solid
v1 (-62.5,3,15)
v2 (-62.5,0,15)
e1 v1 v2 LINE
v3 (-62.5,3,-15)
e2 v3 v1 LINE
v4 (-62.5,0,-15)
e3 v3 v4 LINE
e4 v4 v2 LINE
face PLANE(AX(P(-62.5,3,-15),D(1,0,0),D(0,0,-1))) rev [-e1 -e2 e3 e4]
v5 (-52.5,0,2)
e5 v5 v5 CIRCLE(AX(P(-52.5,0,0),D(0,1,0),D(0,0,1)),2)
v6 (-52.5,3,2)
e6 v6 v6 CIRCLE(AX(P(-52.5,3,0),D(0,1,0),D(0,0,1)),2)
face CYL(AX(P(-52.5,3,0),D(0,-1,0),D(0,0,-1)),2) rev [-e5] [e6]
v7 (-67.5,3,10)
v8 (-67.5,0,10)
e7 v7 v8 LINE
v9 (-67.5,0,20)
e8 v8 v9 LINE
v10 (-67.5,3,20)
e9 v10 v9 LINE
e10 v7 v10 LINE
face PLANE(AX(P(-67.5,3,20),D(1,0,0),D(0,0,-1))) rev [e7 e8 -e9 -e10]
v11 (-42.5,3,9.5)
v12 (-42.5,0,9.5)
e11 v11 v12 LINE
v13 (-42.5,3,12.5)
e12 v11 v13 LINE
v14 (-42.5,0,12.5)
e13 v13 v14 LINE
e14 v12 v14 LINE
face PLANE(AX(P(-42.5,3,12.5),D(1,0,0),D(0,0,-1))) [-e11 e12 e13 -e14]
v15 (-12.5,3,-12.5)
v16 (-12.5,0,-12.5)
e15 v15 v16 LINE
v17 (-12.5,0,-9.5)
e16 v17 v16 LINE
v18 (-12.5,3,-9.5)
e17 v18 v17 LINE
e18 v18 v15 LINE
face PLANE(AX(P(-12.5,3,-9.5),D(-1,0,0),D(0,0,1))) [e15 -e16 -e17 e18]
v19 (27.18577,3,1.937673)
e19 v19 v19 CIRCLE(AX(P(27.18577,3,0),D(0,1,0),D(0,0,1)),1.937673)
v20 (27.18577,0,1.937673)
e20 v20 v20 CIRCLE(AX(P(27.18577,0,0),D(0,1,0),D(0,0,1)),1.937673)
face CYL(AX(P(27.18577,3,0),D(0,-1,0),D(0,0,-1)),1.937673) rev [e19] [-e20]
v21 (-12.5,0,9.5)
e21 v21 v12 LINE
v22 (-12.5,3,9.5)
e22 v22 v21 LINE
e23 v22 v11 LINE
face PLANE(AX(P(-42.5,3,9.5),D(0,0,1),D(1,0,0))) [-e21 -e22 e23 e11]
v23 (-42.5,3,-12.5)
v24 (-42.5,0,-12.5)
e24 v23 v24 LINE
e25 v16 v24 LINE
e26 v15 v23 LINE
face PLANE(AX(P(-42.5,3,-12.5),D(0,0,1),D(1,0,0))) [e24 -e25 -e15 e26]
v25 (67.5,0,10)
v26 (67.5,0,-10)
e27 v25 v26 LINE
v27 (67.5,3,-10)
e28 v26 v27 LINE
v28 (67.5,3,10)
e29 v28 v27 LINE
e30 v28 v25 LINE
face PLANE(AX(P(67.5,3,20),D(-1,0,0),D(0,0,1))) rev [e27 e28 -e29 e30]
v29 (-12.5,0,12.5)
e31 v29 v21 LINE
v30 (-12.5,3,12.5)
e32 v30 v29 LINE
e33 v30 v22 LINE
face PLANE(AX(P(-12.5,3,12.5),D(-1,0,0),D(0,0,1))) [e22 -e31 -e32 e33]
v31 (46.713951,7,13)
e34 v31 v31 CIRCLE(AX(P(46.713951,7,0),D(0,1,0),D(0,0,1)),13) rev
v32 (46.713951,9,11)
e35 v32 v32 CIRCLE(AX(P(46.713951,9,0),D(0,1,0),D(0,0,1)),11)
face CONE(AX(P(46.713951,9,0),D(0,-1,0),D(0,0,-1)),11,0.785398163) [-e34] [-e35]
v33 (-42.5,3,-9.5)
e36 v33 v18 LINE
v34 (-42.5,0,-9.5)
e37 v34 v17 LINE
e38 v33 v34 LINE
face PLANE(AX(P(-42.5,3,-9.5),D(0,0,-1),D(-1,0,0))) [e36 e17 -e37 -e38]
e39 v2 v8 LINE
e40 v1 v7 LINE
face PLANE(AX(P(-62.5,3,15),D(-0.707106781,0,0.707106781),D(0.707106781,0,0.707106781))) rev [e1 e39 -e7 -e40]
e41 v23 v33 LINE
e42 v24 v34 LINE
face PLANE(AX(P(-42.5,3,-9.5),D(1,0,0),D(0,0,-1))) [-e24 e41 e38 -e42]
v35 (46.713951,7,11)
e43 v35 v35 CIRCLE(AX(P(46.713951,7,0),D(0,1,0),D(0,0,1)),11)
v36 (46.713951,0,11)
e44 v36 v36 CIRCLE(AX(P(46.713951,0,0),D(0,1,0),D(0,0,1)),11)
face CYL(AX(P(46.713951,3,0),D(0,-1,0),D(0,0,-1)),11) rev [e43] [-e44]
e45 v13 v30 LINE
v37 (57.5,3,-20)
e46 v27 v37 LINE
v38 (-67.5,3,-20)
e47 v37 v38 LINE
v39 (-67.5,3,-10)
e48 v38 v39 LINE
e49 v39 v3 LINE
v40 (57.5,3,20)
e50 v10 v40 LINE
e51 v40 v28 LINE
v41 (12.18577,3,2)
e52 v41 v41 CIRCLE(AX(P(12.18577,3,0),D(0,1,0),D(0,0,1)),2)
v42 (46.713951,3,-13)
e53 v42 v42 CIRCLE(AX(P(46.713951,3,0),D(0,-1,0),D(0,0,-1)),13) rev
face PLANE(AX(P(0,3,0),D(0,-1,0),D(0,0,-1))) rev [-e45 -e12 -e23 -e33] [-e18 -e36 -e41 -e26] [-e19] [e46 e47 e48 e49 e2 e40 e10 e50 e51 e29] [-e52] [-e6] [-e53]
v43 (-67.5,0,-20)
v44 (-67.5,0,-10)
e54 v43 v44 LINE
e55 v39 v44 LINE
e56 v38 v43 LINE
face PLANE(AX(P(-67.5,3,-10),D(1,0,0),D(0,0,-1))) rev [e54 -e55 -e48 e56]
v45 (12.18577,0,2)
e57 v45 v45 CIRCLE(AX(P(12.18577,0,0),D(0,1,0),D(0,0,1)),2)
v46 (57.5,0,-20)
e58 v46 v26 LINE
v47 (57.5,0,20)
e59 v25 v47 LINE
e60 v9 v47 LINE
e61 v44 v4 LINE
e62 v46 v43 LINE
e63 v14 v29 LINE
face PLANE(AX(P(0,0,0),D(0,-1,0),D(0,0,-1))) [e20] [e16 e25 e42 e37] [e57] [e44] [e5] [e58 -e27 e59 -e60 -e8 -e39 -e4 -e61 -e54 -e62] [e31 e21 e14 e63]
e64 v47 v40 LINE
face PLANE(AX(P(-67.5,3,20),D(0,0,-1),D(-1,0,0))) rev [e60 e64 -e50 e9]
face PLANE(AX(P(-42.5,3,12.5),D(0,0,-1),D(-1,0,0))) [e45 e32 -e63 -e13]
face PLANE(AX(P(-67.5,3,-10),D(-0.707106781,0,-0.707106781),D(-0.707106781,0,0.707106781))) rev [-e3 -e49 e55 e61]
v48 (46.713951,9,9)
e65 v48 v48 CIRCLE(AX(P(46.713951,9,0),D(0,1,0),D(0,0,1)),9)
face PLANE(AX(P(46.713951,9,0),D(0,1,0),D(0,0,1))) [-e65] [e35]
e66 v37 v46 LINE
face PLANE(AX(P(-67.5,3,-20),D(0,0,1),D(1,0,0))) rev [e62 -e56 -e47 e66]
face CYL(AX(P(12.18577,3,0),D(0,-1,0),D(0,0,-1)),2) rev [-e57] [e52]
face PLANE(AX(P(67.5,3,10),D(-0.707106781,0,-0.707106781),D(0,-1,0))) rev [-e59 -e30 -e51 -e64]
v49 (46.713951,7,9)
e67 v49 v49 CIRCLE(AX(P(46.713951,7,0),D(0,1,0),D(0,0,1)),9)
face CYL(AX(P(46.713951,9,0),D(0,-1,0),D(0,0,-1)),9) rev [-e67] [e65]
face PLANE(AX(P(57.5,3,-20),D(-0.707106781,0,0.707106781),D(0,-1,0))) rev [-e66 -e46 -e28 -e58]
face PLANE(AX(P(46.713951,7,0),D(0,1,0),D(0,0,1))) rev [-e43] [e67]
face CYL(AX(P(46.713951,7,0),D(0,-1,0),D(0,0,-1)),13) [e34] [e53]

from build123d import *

# Parameters (mm, degrees)
CROQUIS1_R              = 11
CROQUIS1_R_2            = 2
CROQUIS1_R_3            = 1.937672591
CROQUIS1_W              = 30
CROQUIS1_H              = 3
SALIENTE_EXTRUIR1_DEPTH = 3
CROQUIS2_R              = 13
CROQUIS2_R_2            = 11
SALIENTE_EXTRUIR2_DEPTH = 4
CROQUIS3_R              = 13
CROQUIS3_R_2            = 9
SALIENTE_EXTRUIR3_DEPTH = 2
CHAFL_N1_SIZE           = 2
CHAFL_N2_SIZE           = 10


with BuildPart() as part:
    # Croquis1 → Saliente-Extruir1 (new body)
    with BuildSketch(Plane(origin=(0, 0, 0), x_dir=(1, 0, 0), z_dir=(0, 1, 0))):
        Polygon((-67.5, 10), (-62.5, 15), (-62.5, -15), (-67.5, -10), (-67.5, -20), (67.5, -20), (67.5, 20), (-67.5, 20), align=None)
        with Locations(Location((46.713951104, 0, 0), (0, 0, 270))):
            Circle(CROQUIS1_R, mode=Mode.SUBTRACT)
        with Locations(Location((-52.5, 0, 0), (0, 0, 270))):
            Circle(CROQUIS1_R_2, mode=Mode.SUBTRACT)
        with Locations(Location((27.185770037, 0, 0), (0, 0, 270))):
            Circle(CROQUIS1_R_3, mode=Mode.SUBTRACT)
        with Locations(Location((12.185770037, 0, 0), (0, 0, 270))):
            Circle(CROQUIS1_R_2, mode=Mode.SUBTRACT)
        with Locations((-27.5, 11)):
            Rectangle(CROQUIS1_W, CROQUIS1_H, mode=Mode.SUBTRACT)
        with Locations((-27.5, -11)):
            Rectangle(CROQUIS1_W, CROQUIS1_H, mode=Mode.SUBTRACT)
    extrude(amount=SALIENTE_EXTRUIR1_DEPTH)

    # Croquis2 → Saliente-Extruir2 (add)
    with BuildSketch(Plane(origin=(0, 3, 0), x_dir=(1, 0, 0), z_dir=(0, 1, 0))):
        with Locations(Location((46.713951104, 0, 0), (0, 0, 90))):
            Circle(CROQUIS2_R)
        with Locations(Location((46.713951104, 0, 0), (0, 0, 270))):
            Circle(CROQUIS2_R_2, mode=Mode.SUBTRACT)
    extrude(amount=SALIENTE_EXTRUIR2_DEPTH)

    # Croquis3 → Saliente-Extruir3 (add)
    with BuildSketch(Plane(origin=(0, 7, 0), x_dir=(1, 0, 0), z_dir=(0, 1, 0))):
        with Locations(Location((46.713951104, 0, 0), (0, 0, 90))):
            Circle(CROQUIS3_R)
        with Locations(Location((46.713951104, 0, 0), (0, 0, 270))):
            Circle(CROQUIS3_R_2, mode=Mode.SUBTRACT)
    extrude(amount=SALIENTE_EXTRUIR3_DEPTH)

    # Chaflán1
    chafl_n1_edges = [part.edges().sort_by_distance(p)[0] for p in [
        (46.713951104, 9, 13),
    ]]
    chamfer(chafl_n1_edges, length=CHAFL_N1_SIZE)

    # Chaflán2
    chafl_n2_edges = [part.edges().sort_by_distance(p)[0] for p in [
        (67.5, 1.5, 20),
        (67.5, 1.5, -20),
    ]]
    chamfer(chafl_n2_edges, length=CHAFL_N2_SIZE)


solid = part.part
